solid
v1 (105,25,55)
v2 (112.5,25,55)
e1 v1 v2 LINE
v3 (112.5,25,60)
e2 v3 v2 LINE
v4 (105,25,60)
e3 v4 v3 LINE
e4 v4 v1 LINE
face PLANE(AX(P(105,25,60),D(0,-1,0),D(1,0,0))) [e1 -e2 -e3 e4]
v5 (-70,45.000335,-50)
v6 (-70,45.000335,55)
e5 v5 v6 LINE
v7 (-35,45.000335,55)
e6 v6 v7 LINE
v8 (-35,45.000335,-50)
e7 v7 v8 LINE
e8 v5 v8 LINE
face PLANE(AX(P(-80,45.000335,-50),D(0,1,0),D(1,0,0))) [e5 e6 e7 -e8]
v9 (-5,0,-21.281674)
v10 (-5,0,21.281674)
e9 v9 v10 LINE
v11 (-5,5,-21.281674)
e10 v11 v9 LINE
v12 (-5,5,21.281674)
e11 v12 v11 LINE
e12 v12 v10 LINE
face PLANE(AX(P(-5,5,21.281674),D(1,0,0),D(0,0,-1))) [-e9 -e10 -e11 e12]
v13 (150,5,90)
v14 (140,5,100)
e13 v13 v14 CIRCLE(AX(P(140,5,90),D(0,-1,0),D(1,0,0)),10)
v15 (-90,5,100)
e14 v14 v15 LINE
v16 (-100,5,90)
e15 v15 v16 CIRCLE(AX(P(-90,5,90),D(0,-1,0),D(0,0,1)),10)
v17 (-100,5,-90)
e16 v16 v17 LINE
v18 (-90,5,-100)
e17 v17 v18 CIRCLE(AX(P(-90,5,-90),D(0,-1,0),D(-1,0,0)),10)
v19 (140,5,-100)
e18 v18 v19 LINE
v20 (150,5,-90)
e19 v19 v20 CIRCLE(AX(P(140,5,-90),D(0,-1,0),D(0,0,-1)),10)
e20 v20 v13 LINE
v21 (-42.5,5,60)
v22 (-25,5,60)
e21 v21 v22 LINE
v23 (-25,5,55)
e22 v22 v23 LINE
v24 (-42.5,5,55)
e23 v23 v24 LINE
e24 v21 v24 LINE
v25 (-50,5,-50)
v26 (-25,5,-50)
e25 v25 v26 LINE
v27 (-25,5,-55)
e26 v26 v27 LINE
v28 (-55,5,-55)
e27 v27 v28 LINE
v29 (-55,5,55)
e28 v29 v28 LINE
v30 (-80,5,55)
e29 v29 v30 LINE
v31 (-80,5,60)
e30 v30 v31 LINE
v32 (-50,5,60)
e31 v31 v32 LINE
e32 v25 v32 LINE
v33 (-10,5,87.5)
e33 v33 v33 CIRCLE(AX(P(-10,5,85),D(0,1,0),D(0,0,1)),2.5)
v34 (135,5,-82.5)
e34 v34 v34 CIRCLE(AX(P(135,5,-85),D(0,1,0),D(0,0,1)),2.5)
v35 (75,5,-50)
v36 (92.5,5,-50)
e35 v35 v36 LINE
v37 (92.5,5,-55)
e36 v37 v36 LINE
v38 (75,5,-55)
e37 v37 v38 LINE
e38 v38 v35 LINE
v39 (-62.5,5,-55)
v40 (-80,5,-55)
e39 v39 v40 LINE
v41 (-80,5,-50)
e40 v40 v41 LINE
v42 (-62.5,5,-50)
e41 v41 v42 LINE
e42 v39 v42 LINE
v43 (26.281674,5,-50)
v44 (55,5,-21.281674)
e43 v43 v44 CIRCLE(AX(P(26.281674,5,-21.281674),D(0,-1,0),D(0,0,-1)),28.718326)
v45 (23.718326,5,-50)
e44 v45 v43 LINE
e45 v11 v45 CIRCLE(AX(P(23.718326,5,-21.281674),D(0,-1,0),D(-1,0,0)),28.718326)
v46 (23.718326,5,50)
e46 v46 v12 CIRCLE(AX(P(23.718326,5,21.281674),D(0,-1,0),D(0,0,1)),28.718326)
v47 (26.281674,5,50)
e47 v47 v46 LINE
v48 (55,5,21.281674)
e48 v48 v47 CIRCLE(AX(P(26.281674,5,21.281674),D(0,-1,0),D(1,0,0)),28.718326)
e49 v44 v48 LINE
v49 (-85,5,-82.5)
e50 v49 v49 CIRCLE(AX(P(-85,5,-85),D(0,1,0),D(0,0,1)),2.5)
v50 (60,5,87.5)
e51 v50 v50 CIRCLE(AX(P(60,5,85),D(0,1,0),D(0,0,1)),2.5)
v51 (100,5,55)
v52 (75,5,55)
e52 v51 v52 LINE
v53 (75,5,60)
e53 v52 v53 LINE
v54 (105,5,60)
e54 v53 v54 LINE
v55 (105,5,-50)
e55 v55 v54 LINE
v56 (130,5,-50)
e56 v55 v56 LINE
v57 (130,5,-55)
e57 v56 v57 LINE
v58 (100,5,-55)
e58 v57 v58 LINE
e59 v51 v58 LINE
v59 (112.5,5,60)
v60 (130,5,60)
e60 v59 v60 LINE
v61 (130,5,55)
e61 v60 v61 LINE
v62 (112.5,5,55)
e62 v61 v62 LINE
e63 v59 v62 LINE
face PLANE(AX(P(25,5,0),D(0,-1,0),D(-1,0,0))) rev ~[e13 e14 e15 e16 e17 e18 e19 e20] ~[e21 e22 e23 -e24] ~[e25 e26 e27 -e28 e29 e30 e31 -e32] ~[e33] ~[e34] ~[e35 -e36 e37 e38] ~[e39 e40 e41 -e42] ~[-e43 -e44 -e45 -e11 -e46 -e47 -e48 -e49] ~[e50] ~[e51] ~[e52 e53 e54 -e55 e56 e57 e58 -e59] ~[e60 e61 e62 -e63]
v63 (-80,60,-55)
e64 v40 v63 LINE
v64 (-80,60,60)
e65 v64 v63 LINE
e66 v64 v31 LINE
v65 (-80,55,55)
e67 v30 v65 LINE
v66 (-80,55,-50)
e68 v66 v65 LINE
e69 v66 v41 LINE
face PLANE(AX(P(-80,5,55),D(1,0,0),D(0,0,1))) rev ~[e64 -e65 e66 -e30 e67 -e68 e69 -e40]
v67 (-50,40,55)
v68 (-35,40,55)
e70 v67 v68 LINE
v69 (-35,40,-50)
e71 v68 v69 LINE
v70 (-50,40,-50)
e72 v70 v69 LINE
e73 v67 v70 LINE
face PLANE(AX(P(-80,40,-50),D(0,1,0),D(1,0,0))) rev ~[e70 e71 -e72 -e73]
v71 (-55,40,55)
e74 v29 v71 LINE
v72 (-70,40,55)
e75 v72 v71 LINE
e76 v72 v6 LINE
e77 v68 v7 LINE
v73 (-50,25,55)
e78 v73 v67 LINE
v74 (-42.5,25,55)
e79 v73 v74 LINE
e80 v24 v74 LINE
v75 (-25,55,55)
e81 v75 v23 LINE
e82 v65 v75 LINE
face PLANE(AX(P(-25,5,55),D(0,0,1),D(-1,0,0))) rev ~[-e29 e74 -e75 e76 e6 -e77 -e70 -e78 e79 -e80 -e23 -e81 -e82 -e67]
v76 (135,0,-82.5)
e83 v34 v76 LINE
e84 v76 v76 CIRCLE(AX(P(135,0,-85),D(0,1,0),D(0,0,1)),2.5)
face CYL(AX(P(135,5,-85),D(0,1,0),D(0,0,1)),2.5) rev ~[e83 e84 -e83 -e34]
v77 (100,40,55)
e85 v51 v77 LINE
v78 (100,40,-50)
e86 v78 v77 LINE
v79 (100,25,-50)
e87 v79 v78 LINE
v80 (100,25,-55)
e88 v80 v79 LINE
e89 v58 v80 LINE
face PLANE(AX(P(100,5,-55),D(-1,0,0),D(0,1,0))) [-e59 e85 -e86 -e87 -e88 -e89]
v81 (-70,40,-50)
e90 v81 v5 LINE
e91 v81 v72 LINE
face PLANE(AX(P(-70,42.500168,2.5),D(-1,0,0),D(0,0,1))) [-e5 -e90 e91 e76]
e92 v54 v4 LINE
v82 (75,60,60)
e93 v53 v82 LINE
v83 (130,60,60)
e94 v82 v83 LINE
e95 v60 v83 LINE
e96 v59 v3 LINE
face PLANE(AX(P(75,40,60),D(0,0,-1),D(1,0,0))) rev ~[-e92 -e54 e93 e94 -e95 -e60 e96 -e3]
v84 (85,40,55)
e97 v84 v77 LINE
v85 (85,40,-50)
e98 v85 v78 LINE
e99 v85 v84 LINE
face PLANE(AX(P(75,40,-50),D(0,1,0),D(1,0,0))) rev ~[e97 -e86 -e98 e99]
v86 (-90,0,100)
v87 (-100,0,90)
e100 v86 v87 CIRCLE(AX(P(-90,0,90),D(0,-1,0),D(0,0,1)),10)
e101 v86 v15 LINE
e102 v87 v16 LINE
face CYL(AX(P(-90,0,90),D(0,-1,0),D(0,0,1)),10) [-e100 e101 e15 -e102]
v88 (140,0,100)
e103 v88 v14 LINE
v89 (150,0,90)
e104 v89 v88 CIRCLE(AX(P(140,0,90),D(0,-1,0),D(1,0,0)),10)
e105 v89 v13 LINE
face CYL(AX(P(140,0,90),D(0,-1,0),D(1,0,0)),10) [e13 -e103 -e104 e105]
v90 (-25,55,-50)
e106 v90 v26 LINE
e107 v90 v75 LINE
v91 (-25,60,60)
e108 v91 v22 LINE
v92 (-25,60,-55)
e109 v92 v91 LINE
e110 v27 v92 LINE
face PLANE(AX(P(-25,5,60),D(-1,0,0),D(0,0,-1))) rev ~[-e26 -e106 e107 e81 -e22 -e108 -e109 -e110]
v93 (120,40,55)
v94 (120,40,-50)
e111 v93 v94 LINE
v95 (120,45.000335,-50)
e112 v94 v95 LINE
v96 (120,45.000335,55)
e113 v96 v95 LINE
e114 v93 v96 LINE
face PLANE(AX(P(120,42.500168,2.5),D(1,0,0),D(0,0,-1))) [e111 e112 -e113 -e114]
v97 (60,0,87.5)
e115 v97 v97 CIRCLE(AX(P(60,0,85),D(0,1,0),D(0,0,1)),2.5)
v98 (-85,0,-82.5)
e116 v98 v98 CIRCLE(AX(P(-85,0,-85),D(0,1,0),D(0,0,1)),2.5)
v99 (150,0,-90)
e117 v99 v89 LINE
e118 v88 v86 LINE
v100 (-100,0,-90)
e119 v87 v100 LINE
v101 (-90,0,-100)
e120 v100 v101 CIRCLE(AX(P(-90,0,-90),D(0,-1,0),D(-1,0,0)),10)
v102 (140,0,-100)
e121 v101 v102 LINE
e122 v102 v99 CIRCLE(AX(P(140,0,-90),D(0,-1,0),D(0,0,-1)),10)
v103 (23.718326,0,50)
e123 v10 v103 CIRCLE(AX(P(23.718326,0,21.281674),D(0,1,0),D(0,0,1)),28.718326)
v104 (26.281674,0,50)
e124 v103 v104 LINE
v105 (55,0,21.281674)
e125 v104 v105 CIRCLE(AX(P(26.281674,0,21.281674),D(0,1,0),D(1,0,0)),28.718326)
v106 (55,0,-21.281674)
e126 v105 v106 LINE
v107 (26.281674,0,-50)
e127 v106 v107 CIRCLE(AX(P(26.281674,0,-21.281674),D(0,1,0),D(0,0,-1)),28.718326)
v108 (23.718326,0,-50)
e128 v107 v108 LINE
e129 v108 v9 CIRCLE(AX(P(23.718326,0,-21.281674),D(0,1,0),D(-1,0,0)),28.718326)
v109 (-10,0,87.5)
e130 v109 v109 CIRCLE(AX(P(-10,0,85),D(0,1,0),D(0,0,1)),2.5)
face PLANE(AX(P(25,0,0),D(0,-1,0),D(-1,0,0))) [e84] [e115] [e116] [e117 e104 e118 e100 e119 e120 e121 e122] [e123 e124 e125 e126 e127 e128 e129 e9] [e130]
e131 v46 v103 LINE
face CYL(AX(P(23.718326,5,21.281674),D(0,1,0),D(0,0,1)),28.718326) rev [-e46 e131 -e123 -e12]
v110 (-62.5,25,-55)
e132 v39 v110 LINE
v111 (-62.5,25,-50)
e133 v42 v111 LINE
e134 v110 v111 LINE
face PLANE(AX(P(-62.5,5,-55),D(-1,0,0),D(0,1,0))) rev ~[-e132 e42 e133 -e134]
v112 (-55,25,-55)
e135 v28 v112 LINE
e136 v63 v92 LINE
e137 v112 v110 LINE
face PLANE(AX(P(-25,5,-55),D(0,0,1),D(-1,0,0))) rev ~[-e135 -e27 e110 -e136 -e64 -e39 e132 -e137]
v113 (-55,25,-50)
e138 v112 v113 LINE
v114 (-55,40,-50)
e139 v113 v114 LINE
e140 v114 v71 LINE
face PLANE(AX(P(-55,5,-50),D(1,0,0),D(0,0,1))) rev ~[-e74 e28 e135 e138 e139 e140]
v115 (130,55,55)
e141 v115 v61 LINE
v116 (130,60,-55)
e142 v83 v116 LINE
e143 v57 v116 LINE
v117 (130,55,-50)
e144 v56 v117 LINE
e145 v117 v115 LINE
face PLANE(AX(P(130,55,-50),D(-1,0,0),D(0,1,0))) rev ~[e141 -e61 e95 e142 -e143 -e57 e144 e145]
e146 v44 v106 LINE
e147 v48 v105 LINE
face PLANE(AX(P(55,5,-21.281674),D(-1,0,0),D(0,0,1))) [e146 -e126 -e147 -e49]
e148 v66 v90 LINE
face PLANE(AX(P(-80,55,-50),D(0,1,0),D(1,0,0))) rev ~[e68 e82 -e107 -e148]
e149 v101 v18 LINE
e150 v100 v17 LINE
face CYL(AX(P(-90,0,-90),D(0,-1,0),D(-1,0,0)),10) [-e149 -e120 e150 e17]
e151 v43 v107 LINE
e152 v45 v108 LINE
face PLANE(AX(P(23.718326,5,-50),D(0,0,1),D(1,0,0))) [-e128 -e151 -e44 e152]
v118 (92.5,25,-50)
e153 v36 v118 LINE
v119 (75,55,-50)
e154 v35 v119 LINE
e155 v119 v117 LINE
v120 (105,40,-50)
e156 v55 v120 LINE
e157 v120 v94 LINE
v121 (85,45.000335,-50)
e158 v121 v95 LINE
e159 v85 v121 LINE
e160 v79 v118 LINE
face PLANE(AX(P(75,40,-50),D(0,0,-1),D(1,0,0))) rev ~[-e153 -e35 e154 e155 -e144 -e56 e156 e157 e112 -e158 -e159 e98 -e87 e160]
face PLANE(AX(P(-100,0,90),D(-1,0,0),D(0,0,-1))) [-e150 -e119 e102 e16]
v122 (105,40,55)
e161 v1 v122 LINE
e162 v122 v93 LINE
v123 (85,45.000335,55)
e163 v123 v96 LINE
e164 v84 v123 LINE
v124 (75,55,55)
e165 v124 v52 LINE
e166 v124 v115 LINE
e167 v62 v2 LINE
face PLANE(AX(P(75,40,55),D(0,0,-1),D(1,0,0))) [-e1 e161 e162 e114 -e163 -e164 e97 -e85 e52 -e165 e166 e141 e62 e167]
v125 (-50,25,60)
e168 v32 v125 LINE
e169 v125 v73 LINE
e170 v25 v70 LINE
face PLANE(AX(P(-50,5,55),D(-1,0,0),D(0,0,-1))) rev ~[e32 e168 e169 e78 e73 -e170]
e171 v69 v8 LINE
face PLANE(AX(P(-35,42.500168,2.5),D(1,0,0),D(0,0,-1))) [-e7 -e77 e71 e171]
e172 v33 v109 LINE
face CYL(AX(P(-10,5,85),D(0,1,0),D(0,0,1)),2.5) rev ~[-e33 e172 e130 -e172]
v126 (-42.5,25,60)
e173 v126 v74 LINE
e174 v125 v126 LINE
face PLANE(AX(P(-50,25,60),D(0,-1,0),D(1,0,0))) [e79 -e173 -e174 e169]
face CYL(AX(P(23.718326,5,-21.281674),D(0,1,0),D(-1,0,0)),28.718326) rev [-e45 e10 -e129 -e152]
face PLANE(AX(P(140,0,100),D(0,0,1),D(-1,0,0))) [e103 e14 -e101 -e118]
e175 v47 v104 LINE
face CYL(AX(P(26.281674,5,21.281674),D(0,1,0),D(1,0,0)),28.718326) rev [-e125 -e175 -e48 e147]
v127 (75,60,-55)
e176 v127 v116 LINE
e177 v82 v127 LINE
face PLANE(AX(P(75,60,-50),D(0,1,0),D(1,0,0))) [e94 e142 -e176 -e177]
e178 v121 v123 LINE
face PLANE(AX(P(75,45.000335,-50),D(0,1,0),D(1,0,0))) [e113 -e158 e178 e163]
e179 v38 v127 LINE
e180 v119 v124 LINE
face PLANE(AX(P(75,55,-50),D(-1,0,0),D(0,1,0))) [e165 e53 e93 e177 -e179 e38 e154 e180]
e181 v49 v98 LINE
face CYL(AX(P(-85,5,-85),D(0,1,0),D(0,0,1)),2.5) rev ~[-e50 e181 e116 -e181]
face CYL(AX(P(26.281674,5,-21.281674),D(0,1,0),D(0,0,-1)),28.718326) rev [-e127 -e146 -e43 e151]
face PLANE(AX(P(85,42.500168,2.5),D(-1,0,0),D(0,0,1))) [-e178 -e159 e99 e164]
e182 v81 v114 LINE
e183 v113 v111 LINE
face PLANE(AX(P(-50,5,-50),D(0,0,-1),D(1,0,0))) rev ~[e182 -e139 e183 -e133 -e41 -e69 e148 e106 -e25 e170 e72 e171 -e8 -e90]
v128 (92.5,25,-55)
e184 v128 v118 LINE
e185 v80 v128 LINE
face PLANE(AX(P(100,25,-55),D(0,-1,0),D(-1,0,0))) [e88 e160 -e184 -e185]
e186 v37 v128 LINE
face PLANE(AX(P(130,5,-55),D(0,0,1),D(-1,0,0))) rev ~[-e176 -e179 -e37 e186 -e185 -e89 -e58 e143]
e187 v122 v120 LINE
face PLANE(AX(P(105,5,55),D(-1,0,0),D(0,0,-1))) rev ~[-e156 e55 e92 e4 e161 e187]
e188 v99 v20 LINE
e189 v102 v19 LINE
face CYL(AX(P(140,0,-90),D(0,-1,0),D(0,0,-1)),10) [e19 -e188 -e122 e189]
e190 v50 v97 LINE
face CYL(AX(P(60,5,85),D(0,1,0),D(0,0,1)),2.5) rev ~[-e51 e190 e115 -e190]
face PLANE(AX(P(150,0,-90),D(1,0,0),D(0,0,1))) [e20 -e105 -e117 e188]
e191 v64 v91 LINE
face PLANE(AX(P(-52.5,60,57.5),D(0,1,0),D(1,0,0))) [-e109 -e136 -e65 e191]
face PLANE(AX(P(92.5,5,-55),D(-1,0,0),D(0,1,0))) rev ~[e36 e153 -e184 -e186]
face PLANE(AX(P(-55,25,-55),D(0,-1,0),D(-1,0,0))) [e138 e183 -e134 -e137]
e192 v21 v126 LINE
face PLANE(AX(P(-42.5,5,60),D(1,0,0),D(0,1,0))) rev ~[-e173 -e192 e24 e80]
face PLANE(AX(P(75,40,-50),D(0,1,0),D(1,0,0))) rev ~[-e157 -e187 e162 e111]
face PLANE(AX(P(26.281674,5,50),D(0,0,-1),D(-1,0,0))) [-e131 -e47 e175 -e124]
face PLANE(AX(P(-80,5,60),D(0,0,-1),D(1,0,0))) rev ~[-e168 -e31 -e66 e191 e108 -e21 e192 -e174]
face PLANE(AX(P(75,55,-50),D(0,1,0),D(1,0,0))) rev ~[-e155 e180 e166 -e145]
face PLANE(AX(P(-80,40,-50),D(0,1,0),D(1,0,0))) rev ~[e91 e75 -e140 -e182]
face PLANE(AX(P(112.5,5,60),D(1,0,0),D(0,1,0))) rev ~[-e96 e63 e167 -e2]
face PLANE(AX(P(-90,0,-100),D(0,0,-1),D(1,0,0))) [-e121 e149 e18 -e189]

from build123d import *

# Parameters (mm, degrees)
RESSALTO_EXTRUS_O1_DEPTH = 5
ESBO_O2_R                = 2.5
CORTE_EXTRUS_O1_DEPTH    = 5
RESSALTO_EXTRUS_O3_DEPTH = 35
CORTE_EXTRUS_O2_DEPTH    = 10
ESBO_O7_W                = 55
ESBO_O7_H                = 5
RESSALTO_EXTRUS_O4_DEPTH = 20
ESBO_O8_W                = 55
ESBO_O8_H                = 5
ESBO_O8_H_2              = 5.000335185
RESSALTO_EXTRUS_O6_DEPTH = 105
ESBO_O9_W                = 7.5
ESBO_O9_H                = 20
CORTE_EXTRUS_O4_DEPTH    = 5
ESBO_O10_W               = 7.5
ESBO_O10_H               = 20
CORTE_EXTRUS_O5_DEPTH    = 5
ESBO_O11_W               = 105
ESBO_O11_H               = 5.000335185
CORTE_EXTRUS_O6_DEPTH    = 10
ESBO_O12_W               = 105
ESBO_O12_H               = 5.000335185
CORTE_EXTRUS_O7_DEPTH    = 10
ESBO_O13_W               = 105
ESBO_O13_H               = 5.000335185
CORTE_EXTRUS_O8_DEPTH    = 10
ESBO_O14_W               = 105
ESBO_O14_H               = 5.000335185
CORTE_EXTRUS_O9_DEPTH    = 10


with BuildPart() as part:
    # Esboço1 → Ressalto-extrusão1 (new body)
    with BuildSketch(Plane(origin=(0, 0, 0), x_dir=(1, 0, 0), z_dir=(0, 1, 0))):
        with BuildLine():
            Line((140, -100), (-90, -100))
            ThreePointArc((-90, -100), (-97.071067812, -97.071067812), (-100, -90))
            Line((-100, -90), (-100, 90))
            ThreePointArc((-100, 90), (-97.071067812, 97.071067812), (-90, 100))
            Line((-90, 100), (140, 100))
            ThreePointArc((140, 100), (147.071067812, 97.071067812), (150, 90))
            Line((150, 90), (150, -90))
            ThreePointArc((150, -90), (147.071067812, -97.071067812), (140, -100))
        make_face()
    extrude(amount=RESSALTO_EXTRUS_O1_DEPTH)

    # Esboço2 → Corte-extrusão1 (cut)
    with BuildSketch(Plane(origin=(0, 5, 0), x_dir=(1, 0, 0), z_dir=(0, 1, 0))):
        with Locations(Location((-85, 85, 0), (0, 0, 270))):
            Circle(ESBO_O2_R)
        with Locations(Location((-10, -85, 0), (0, 0, 270))):
            Circle(ESBO_O2_R)
        with Locations(Location((60, -85, 0), (0, 0, 270))):
            Circle(ESBO_O2_R)
        with Locations(Location((135, 85, 0), (0, 0, 270))):
            Circle(ESBO_O2_R)
    extrude(amount=-CORTE_EXTRUS_O1_DEPTH, mode=Mode.SUBTRACT)

    # Esboço5 → Ressalto-extrusão3 (add)
    with BuildSketch(Plane(origin=(0, 5, 0), x_dir=(1, 0, 0), z_dir=(0, 1, 0))):
        Polygon((125, -55), (105, -55), (105, 50), (125, 50), (130, 50), (130, 55), (75, 55), (75, 50), (80, 50), (100, 50), (100, -55), (80, -55), (75, -55), (75, -60), (130, -60), (130, -55), align=None)
        Polygon((-50, -55), (-50, 50), (-30, 50), (-25, 50), (-25, 55), (-80, 55), (-80, 50), (-75, 50), (-55, 50), (-55, -55), (-75, -55), (-80, -55), (-80, -60), (-25, -60), (-25, -55), (-30, -55), align=None)
    extrude(amount=RESSALTO_EXTRUS_O3_DEPTH)

    # Esboço6 → Corte-extrusão2 (cut)
    with BuildSketch(Plane(origin=(0, 5, 0), x_dir=(1, 0, 0), z_dir=(0, 1, 0))):
        with BuildLine():
            Line((23.718326371, 50), (26.281673629, 50))
            ThreePointArc((26.281673629, 50), (46.58859695, 41.58859695), (55, 21.281673629))
            Line((55, 21.281673629), (55, -21.281673629))
            ThreePointArc((55, -21.281673629), (46.58859695, -41.58859695), (26.281673629, -50))
            Line((26.281673629, -50), (23.718326371, -50))
            ThreePointArc((23.718326371, -50), (3.41140305, -41.58859695), (-5, -21.281673629))
            Line((-5, -21.281673629), (-5, 21.281673629))
            ThreePointArc((-5, 21.281673629), (3.41140305, 41.58859695), (23.718326371, 50))
        make_face()
    extrude(amount=-CORTE_EXTRUS_O2_DEPTH, mode=Mode.SUBTRACT)

    # Esboço7 → Ressalto-extrusão4 (add)
    with BuildSketch(Plane(origin=(0, 40, 0), x_dir=(1, 0, 0), z_dir=(0, 1, 0))):
        with Locations((102.5, -57.5)):
            Rectangle(ESBO_O7_W, ESBO_O7_H)
        with Locations((102.5, 52.5)):
            Rectangle(ESBO_O7_W, ESBO_O7_H)
        with Locations((-52.5, 52.5)):
            Rectangle(ESBO_O7_W, ESBO_O7_H)
        with Locations((-52.5, -57.5)):
            Rectangle(ESBO_O7_W, ESBO_O7_H)
    extrude(amount=RESSALTO_EXTRUS_O4_DEPTH)

    # Esboço8 → Ressalto-extrusão6 (add)
    with BuildSketch(Plane.XY.offset(-50)):
        with Locations((102.5, 57.5)):
            Rectangle(ESBO_O8_W, ESBO_O8_H)
        with Locations((-52.5, 57.5)):
            Rectangle(ESBO_O8_W, ESBO_O8_H)
        with Locations((102.5, 42.500167593)):
            Rectangle(ESBO_O8_W, ESBO_O8_H_2)
        with Locations((-52.5, 42.500167593)):
            Rectangle(ESBO_O8_W, ESBO_O8_H_2)
    extrude(amount=RESSALTO_EXTRUS_O6_DEPTH)

    # Esboço9 → Corte-extrusão4 (cut)
    with BuildSketch(Plane(origin=(0, 0, -55), x_dir=(-1, 0, 0), z_dir=(0, 0, -1))):
        with Locations((-96.25, 15)):
            Rectangle(ESBO_O9_W, ESBO_O9_H)
        with Locations((58.75, 15)):
            Rectangle(ESBO_O9_W, ESBO_O9_H)
    extrude(amount=-CORTE_EXTRUS_O4_DEPTH, mode=Mode.SUBTRACT)

    # Esboço10 → Corte-extrusão5 (cut)
    with BuildSketch(Plane.XY.offset(60)):
        with Locations((-46.25, 15)):
            Rectangle(ESBO_O10_W, ESBO_O10_H)
        with Locations((108.75, 15)):
            Rectangle(ESBO_O10_W, ESBO_O10_H)
    extrude(amount=-CORTE_EXTRUS_O5_DEPTH, mode=Mode.SUBTRACT)

    # Esboço11 → Corte-extrusão6 (cut)
    with BuildSketch(Plane(origin=(130, 0, 0), x_dir=(0, 0, -1), z_dir=(1, 0, 0))):
        with Locations((-2.5, 42.500167593)):
            Rectangle(ESBO_O11_W, ESBO_O11_H)
    extrude(amount=-CORTE_EXTRUS_O6_DEPTH, mode=Mode.SUBTRACT)

    # Esboço12 → Corte-extrusão7 (cut)
    with BuildSketch(Plane.ZY.offset(-75)):
        with Locations((2.5, 42.500167593)):
            Rectangle(ESBO_O12_W, ESBO_O12_H)
    extrude(amount=-CORTE_EXTRUS_O7_DEPTH, mode=Mode.SUBTRACT)

    # Esboço13 → Corte-extrusão8 (cut)
    with BuildSketch(Plane(origin=(-25, 0, 0), x_dir=(0, 0, -1), z_dir=(1, 0, 0))):
        with Locations((-2.5, 42.500167593)):
            Rectangle(ESBO_O13_W, ESBO_O13_H)
    extrude(amount=-CORTE_EXTRUS_O8_DEPTH, mode=Mode.SUBTRACT)

    # Esboço14 → Corte-extrusão9 (cut)
    with BuildSketch(Plane.ZY.offset(80)):
        with Locations((2.5, 42.500167593)):
            Rectangle(ESBO_O14_W, ESBO_O14_H)
    extrude(amount=-CORTE_EXTRUS_O9_DEPTH, mode=Mode.SUBTRACT)


solid = part.part
